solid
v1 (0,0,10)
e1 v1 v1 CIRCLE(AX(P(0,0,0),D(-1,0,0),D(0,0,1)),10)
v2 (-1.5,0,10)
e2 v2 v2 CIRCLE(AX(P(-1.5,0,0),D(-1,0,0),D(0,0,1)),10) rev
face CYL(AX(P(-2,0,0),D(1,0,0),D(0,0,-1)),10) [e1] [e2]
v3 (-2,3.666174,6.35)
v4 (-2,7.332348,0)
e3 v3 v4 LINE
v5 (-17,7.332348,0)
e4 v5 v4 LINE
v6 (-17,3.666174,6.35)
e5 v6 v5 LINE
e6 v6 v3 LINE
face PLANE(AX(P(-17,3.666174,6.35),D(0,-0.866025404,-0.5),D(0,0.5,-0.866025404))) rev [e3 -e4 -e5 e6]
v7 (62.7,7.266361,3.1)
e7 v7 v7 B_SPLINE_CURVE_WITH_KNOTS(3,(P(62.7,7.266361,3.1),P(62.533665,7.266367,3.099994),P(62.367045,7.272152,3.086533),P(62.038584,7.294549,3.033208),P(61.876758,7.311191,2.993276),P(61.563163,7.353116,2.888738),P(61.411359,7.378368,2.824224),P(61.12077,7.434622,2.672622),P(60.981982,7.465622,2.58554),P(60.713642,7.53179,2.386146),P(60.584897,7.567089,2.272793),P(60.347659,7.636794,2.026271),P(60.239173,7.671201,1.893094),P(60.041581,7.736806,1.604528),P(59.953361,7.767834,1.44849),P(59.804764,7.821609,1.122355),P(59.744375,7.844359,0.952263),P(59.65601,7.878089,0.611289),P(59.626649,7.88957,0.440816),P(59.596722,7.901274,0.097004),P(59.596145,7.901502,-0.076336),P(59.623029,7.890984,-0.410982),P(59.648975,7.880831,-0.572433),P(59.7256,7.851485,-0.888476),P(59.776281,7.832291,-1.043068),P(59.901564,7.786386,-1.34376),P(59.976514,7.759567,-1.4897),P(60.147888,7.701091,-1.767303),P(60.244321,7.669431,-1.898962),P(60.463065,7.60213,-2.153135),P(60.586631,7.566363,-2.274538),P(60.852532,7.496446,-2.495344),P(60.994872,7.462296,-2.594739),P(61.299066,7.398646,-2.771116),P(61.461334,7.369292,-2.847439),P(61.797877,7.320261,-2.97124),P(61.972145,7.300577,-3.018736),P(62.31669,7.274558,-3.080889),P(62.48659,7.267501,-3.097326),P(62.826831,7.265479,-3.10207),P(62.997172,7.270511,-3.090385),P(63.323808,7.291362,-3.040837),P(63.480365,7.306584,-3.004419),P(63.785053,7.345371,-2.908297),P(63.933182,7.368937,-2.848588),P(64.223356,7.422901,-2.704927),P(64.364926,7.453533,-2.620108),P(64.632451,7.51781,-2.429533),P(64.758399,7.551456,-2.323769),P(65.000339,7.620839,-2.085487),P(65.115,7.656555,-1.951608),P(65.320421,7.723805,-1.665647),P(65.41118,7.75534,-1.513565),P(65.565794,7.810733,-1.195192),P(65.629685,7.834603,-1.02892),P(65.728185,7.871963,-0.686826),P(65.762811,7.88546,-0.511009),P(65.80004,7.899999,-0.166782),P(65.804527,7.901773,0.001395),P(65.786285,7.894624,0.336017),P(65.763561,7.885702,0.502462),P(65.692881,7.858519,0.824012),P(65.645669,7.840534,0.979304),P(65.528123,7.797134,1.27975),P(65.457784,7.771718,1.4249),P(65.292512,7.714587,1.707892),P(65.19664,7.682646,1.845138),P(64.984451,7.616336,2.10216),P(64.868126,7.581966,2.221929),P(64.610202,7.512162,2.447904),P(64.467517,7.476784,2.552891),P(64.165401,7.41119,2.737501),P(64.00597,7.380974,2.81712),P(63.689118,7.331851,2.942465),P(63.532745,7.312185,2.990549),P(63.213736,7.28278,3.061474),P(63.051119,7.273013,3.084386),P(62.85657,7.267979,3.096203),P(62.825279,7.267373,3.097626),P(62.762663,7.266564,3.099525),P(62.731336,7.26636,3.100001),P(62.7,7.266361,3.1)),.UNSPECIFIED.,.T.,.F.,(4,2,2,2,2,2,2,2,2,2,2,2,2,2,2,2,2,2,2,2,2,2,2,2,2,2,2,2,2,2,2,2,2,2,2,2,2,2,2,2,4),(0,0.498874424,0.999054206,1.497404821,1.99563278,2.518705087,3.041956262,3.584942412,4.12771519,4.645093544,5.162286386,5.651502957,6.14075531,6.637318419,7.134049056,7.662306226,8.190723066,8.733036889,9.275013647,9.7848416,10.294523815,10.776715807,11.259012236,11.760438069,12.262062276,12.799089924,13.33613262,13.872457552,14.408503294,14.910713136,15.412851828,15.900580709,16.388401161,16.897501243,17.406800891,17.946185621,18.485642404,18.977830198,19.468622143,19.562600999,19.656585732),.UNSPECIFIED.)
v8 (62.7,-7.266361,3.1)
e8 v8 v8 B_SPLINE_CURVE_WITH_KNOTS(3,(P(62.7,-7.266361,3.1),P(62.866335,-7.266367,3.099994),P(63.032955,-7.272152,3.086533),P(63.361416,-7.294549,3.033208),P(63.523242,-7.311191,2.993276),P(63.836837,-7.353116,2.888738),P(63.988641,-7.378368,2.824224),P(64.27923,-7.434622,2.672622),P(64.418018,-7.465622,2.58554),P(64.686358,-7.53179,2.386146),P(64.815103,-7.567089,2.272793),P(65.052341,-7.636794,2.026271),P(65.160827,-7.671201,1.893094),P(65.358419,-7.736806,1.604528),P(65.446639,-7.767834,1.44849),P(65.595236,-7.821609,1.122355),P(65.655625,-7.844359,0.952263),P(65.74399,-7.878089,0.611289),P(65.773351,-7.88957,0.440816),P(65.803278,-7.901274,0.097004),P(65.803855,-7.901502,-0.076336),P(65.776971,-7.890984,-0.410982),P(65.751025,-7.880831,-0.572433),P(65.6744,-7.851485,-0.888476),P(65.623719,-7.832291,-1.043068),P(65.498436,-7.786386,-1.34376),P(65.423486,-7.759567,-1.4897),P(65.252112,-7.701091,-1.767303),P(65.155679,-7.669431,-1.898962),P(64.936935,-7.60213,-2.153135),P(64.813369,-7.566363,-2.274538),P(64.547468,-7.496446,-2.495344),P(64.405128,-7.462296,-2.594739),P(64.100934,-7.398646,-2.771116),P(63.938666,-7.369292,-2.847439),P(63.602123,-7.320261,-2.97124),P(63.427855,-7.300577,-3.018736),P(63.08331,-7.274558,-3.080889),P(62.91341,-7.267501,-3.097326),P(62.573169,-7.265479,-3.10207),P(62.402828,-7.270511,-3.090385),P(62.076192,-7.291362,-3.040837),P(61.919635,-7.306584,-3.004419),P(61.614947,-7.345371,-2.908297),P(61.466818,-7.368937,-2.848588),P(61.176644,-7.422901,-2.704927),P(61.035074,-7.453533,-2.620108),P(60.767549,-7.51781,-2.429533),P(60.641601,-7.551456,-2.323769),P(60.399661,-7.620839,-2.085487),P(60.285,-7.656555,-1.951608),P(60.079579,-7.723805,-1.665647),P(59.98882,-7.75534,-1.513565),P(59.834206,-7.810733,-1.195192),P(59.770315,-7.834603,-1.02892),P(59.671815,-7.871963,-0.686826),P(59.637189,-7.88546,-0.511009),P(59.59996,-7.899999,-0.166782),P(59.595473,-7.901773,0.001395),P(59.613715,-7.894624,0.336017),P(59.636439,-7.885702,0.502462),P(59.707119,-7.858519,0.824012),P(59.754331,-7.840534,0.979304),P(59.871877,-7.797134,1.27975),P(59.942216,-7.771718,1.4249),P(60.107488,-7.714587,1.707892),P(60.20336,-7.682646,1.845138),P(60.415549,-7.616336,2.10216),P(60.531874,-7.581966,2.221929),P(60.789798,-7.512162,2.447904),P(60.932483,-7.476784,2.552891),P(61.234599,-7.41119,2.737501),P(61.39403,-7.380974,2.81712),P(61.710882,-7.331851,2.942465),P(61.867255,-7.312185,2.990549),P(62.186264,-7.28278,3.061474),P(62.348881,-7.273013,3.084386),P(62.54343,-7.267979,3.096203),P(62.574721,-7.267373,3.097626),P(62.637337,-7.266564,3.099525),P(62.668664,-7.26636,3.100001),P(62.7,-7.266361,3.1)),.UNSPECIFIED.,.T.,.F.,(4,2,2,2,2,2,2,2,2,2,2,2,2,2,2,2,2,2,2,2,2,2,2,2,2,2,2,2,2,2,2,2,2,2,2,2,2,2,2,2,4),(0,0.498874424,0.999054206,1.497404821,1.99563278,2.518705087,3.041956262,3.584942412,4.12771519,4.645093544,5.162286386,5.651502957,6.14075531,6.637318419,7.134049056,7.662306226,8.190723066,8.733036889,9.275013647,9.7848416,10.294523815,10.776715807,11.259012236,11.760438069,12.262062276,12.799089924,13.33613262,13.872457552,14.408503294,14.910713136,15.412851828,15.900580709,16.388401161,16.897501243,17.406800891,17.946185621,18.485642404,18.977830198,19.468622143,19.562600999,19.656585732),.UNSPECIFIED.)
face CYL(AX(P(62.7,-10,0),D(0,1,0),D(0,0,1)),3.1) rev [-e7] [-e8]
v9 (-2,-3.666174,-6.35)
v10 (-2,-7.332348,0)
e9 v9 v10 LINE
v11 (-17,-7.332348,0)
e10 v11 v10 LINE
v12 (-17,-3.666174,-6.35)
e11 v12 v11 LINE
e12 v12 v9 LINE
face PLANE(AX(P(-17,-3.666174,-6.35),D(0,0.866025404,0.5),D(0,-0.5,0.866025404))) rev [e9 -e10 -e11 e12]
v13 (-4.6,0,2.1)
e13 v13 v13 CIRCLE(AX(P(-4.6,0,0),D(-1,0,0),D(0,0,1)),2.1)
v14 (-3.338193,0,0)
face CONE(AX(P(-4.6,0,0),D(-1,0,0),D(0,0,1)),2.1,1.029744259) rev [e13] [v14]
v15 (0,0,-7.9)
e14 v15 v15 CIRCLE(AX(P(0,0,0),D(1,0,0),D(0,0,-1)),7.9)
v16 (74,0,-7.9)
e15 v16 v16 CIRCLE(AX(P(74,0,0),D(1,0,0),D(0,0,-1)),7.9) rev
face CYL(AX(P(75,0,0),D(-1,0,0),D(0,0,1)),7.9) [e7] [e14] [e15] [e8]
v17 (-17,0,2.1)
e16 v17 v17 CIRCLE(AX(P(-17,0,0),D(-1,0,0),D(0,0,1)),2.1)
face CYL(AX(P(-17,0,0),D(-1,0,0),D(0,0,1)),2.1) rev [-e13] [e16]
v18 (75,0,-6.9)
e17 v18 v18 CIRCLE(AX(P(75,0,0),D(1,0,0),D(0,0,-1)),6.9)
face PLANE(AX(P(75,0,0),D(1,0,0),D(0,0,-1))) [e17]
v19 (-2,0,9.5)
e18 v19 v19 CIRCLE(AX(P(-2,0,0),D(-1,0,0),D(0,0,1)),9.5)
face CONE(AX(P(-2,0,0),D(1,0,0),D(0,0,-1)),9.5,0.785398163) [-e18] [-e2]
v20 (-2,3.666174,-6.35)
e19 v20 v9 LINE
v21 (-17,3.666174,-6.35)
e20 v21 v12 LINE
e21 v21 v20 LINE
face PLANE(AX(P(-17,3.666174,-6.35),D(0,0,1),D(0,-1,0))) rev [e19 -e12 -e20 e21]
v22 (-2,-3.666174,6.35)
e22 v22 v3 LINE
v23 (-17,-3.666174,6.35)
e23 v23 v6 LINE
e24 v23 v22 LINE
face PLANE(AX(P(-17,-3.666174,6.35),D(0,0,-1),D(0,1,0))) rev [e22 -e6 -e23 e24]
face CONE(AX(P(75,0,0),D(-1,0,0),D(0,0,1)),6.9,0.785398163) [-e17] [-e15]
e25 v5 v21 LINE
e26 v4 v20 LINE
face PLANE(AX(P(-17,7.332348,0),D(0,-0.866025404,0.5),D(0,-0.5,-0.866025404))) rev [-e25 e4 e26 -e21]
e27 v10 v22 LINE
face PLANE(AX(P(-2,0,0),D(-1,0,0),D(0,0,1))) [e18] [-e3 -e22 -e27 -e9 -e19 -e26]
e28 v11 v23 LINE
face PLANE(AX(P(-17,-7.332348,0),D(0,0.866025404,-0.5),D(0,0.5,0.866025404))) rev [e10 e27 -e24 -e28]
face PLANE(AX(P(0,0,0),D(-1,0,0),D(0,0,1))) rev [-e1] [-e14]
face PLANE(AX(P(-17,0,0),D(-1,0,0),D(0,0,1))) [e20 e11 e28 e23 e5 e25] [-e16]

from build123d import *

# Parameters (mm, degrees)
SKETCH_1_R               = 7.9
EXTRUDE_1_DEPTH          = 75
SKETCH_3_R               = 10
EXTRUDE_2_DEPTH          = 2
EXTRUDE_3_DEPTH          = 15
CHAMFER_1_SIZE           = 0.5
M5X0_8_1_D               = 4.2
M5X0_8_1_DEPTH           = 12.4
M5X0_8_1_TIP             = 1.2618073
SKETCH_5_R               = 3.1
CUT_EXTRUDE_1_DEPTH      = 11
CUT_EXTRUDE_1_DEPTH_BACK = 11
CHAMFER_2_SIZE           = 1


with BuildPart() as part:
    # 草图1 → 凸台-拉伸1 (new body)
    with BuildSketch(Plane(origin=(0, 0, 0), x_dir=(0, 0, -1), z_dir=(1, 0, 0))):
        Circle(SKETCH_1_R)
    extrude(amount=EXTRUDE_1_DEPTH)

    # 草图3 → 凸台-拉伸2 (add)
    with BuildSketch(Plane.ZY):
        Circle(SKETCH_3_R)
    extrude(amount=EXTRUDE_2_DEPTH)

    # 草图4 → 凸台-拉伸3 (add)
    with BuildSketch(Plane.ZY.offset(2)):
        Polygon((6.35, 3.666174209), (0, 7.332348419), (-6.35, 3.666174209), (-6.35, -3.666174209), (0, -7.332348419), (6.35, -3.666174209), align=None)
    extrude(amount=EXTRUDE_3_DEPTH)

    # 倒角1
    chamfer_1_edges = [part.edges().sort_by_distance(p)[0] for p in [
        (-2, 0, -10),
    ]]
    chamfer(chamfer_1_edges, length=CHAMFER_1_SIZE)

    # M5x0.8 螺纹孔1
    with Locations(Plane.ZY.offset(17)):
        with Locations((0, 0)):
            Hole(M5X0_8_1_D / 2, depth=M5X0_8_1_DEPTH)
            with Locations((0, 0, -(M5X0_8_1_DEPTH + M5X0_8_1_TIP / 2))):  # 118° drill point
                Cone(0, M5X0_8_1_D / 2, M5X0_8_1_TIP, mode=Mode.SUBTRACT)

    # 草图5 → 切除-拉伸1 (cut, two sides)
    with BuildSketch(Plane(origin=(0, 0, 0), x_dir=(1, 0, 0), z_dir=(0, 1, 0))) as cut_extrude_1_sk:
        with Locations((62.7, 0)):
            Circle(SKETCH_5_R)
    extrude(amount=CUT_EXTRUDE_1_DEPTH, mode=Mode.SUBTRACT)
    extrude(cut_extrude_1_sk.sketch, amount=-CUT_EXTRUDE_1_DEPTH_BACK, mode=Mode.SUBTRACT)

    # 倒角2
    chamfer_2_edges = [part.edges().sort_by_distance(p)[0] for p in [
        (75, 0, 7.9),
    ]]
    chamfer(chamfer_2_edges, length=CHAMFER_2_SIZE)


solid = part.part
